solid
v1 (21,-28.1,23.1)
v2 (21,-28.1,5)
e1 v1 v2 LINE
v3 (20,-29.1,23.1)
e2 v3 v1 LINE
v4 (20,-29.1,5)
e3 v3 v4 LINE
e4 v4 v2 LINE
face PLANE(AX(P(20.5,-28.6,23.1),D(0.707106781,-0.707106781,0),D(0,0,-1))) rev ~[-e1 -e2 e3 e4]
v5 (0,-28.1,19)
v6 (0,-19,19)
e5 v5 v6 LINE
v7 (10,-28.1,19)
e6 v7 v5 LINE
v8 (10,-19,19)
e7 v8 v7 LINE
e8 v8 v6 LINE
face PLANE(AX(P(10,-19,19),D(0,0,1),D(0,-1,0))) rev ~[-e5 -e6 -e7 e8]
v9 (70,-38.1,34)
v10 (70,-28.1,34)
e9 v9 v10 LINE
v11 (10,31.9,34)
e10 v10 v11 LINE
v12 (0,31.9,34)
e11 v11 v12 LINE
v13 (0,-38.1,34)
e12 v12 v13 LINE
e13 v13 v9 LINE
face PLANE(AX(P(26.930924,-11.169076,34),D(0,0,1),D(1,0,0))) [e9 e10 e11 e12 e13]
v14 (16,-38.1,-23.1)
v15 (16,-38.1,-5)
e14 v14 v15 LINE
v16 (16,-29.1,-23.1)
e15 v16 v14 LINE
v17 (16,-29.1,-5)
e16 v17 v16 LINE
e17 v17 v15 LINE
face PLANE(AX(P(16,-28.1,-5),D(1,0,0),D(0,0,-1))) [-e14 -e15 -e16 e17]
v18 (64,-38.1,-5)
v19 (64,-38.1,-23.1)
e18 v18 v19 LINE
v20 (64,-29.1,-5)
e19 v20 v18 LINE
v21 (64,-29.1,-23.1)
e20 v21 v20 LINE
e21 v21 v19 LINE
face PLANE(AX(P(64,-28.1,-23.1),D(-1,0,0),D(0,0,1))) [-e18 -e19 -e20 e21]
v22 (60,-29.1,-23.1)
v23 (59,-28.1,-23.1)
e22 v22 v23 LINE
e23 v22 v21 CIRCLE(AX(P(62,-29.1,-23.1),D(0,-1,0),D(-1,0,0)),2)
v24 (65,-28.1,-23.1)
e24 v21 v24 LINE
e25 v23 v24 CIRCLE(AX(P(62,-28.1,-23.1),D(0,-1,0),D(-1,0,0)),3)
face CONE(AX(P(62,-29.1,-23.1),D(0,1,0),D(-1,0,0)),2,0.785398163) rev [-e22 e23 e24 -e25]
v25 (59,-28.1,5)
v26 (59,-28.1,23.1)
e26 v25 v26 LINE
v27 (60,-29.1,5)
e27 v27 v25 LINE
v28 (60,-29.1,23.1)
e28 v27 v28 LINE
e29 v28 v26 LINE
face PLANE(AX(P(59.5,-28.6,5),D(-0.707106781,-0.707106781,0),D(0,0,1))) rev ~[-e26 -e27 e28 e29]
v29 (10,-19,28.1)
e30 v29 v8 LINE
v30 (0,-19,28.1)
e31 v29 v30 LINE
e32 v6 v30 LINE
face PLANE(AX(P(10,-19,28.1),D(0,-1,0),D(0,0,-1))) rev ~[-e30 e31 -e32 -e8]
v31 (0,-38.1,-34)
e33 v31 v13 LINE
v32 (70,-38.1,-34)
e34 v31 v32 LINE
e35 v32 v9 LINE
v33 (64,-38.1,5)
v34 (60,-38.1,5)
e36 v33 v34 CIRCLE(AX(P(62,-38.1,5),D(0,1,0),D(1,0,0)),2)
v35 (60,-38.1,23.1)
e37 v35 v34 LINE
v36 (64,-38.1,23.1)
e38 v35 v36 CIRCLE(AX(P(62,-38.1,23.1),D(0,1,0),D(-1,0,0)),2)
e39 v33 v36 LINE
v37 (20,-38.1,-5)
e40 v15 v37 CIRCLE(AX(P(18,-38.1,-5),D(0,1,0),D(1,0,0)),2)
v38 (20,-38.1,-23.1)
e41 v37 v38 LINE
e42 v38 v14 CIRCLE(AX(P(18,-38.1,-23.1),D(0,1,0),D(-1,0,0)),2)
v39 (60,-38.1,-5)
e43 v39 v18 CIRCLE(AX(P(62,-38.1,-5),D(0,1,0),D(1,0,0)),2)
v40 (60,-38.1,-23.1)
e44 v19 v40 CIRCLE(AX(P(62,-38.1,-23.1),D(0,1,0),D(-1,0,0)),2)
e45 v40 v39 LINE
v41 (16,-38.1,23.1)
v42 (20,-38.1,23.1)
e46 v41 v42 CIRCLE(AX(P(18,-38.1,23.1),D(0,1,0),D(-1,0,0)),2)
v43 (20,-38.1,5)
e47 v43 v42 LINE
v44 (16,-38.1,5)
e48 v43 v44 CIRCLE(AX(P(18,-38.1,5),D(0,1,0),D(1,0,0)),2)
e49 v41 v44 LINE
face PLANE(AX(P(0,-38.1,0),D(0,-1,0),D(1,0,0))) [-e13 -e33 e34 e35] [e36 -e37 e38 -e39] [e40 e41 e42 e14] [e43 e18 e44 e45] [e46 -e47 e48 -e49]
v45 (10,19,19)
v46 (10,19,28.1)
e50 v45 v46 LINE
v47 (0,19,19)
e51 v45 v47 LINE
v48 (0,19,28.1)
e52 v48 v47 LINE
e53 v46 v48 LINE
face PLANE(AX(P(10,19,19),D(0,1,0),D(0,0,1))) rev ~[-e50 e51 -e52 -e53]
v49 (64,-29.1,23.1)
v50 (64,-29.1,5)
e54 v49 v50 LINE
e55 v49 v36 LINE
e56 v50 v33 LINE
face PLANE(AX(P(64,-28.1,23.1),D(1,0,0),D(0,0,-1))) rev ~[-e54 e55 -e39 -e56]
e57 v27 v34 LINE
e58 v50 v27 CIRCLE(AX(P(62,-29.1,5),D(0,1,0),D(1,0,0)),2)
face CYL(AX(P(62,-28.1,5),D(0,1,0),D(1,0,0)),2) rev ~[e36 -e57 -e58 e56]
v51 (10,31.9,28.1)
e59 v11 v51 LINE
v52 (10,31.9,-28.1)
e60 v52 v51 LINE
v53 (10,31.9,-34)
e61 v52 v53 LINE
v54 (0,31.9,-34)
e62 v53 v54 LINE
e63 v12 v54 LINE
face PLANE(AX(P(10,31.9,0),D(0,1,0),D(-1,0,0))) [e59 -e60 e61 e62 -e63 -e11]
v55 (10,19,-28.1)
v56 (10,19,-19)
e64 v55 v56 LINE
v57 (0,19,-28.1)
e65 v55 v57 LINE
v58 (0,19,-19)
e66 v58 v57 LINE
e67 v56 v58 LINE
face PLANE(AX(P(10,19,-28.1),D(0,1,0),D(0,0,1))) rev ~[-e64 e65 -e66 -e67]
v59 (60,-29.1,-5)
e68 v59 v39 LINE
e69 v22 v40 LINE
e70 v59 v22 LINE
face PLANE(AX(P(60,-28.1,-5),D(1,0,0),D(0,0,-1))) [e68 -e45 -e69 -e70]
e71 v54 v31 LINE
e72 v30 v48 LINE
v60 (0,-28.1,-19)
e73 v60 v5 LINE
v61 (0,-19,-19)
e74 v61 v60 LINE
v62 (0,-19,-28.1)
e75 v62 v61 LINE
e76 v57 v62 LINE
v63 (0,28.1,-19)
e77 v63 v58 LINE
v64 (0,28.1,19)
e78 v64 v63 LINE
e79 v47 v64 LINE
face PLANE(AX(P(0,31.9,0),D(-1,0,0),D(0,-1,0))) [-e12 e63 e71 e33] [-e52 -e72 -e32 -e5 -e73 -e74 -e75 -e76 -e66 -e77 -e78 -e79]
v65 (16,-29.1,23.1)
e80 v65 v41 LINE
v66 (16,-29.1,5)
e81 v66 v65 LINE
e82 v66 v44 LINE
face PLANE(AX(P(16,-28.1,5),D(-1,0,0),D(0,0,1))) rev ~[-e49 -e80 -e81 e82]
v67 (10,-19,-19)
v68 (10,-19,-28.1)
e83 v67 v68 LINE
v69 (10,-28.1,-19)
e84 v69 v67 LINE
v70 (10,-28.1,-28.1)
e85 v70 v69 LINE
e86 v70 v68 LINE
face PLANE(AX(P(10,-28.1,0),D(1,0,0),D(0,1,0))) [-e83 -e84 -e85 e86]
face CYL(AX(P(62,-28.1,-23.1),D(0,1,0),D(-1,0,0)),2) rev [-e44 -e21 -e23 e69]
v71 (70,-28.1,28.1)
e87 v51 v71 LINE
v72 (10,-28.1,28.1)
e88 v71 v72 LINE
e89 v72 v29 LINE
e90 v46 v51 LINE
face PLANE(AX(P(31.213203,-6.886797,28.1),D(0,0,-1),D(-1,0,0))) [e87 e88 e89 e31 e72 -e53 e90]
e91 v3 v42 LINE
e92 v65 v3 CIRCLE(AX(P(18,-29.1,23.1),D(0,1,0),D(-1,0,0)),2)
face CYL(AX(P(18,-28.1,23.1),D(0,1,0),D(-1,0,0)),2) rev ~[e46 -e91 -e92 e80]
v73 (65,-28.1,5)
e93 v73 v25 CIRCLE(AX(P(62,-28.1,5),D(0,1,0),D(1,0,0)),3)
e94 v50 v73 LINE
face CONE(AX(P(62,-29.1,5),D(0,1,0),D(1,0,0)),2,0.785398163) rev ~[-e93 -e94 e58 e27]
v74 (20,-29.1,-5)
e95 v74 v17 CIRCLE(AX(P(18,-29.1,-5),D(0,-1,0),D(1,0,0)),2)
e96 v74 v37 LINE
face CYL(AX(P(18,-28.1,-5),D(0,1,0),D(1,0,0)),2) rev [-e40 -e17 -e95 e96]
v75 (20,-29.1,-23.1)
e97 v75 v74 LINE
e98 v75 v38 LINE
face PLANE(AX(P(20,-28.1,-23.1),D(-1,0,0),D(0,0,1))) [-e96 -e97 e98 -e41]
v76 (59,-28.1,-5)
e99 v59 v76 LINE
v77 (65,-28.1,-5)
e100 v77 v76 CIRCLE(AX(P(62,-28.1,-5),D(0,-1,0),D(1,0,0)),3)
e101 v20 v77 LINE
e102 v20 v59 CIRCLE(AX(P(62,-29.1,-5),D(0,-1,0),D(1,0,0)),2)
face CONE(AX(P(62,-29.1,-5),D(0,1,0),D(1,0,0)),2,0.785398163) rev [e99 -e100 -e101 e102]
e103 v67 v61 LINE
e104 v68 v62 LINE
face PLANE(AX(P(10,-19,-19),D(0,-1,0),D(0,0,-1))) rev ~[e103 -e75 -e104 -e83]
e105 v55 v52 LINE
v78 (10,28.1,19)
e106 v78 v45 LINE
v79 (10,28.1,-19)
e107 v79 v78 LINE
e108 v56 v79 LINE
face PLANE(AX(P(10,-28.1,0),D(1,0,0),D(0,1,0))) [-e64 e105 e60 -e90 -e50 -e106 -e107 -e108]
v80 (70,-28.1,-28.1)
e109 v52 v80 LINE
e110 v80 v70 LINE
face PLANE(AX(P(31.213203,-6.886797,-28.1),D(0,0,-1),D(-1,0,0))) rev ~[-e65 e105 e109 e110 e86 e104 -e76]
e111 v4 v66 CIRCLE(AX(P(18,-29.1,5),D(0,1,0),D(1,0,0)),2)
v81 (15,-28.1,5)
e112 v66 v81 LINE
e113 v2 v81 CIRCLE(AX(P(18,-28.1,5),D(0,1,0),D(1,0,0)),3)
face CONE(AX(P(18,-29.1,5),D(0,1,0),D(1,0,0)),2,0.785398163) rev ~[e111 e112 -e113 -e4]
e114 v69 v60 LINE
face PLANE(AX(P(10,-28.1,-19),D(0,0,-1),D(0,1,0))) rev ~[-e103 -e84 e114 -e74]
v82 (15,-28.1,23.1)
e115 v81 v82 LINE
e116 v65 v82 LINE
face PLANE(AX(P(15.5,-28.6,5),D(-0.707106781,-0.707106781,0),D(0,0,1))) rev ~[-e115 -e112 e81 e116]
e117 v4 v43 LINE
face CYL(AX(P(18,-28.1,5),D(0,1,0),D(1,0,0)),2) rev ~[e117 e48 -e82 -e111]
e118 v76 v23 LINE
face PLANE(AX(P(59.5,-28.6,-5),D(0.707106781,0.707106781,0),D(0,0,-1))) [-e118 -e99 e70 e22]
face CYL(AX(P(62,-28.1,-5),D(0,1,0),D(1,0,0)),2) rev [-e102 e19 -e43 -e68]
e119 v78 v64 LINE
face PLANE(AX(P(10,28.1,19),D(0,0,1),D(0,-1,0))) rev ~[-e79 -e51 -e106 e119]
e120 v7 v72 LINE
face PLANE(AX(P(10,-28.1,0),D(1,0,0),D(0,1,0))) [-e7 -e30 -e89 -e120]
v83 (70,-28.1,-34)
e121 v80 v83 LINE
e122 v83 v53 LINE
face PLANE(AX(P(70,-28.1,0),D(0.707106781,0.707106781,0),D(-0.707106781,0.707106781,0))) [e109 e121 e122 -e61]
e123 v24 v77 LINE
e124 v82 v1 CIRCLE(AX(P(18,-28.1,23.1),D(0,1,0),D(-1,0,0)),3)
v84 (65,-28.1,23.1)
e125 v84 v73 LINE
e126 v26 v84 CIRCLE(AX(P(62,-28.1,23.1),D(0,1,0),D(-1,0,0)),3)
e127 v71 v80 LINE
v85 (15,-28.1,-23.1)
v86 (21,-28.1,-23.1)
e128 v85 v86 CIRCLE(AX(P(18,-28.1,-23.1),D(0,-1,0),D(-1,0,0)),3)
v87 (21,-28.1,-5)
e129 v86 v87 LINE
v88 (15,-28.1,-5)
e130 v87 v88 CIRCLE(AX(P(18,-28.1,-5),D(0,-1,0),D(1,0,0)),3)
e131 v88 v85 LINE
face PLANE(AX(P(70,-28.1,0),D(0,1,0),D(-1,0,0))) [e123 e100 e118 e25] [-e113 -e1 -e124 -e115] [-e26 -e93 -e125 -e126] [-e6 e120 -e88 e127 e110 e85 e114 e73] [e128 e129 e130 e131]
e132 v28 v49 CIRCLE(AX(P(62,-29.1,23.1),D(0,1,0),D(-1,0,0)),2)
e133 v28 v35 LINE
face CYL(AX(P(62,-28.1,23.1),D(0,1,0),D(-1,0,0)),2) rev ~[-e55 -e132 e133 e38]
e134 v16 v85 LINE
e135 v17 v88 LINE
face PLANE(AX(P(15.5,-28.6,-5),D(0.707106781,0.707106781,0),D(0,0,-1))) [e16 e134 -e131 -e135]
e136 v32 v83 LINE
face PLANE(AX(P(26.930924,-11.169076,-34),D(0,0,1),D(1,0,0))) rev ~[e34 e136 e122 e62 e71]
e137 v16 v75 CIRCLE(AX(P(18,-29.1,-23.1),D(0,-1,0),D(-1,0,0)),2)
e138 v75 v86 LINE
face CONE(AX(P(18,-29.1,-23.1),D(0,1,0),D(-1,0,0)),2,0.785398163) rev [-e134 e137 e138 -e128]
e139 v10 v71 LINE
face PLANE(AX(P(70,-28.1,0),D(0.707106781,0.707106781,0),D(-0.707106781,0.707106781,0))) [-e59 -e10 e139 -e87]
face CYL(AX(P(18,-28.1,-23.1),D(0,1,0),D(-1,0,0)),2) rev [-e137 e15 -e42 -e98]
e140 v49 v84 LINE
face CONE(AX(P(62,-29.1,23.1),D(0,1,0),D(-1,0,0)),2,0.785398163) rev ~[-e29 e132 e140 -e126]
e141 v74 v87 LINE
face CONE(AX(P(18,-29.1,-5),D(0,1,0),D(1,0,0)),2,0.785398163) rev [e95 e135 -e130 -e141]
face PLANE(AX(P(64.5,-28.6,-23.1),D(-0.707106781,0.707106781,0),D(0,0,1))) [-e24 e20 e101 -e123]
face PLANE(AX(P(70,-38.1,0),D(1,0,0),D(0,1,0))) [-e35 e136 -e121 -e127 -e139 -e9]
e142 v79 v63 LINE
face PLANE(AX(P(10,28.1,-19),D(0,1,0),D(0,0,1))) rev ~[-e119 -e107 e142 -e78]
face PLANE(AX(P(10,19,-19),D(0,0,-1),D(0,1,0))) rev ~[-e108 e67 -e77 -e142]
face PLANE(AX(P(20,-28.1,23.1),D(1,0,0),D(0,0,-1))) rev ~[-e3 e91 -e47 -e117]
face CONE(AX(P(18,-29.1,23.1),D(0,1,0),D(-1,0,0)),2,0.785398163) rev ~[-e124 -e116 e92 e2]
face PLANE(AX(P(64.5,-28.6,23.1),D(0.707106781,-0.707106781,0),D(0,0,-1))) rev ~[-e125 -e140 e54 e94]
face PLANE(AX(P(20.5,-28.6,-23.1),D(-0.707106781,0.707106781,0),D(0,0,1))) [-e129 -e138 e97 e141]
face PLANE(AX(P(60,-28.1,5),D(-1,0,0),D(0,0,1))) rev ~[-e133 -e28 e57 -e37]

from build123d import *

# Parameters (mm, degrees)
BOSS_EXTRUDE1_DEPTH = 34
CUT_EXTRUDE1_DEPTH  = 28.1
CUT_EXTRUDE2_DEPTH  = 99.264947972
CHAMFER1_SIZE       = 1
CUT_EXTRUDE3_DEPTH  = 79.788387469


with BuildPart() as part:
    # Sketch2 → Boss-Extrude1 (new, symmetric)
    with BuildSketch(Plane.XY):
        Polygon((0, 31.9), (0, -38.1), (70, -38.1), (70, -28.1), (10, 31.9), align=None)
    extrude(amount=BOSS_EXTRUDE1_DEPTH, both=True)

    # Sketch4 → Cut-Extrude1 (cut, symmetric)
    with BuildSketch(Plane.XY):
        Polygon((10, 31.9), (70, -28.1), (10, -28.1), align=None)
    extrude(amount=CUT_EXTRUDE1_DEPTH, both=True, mode=Mode.SUBTRACT)

    # Sketch5 → Cut-Extrude2 (cut, through all)
    with BuildSketch(Plane(origin=(0, -28.1, 0), x_dir=(1, 0, 0), z_dir=(0, 1, 0))):
        with BuildLine():
            Line((20, 23.1), (20, 5))
            ThreePointArc((20, 5), (18, 3), (16, 5))
            Line((16, 5), (16, 23.1))
            ThreePointArc((16, 23.1), (18, 25.1), (20, 23.1))
        make_face()
        with BuildLine():
            Line((64, 23.1), (64, 5))
            ThreePointArc((64, 5), (62, 3), (60, 5))
            Line((60, 5), (60, 23.1))
            ThreePointArc((60, 23.1), (62, 25.1), (64, 23.1))
        make_face()
        with BuildLine():
            Line((64, -23.1), (64, -5))
            ThreePointArc((64, -5), (62, -3), (60, -5))
            Line((60, -5), (60, -23.1))
            ThreePointArc((60, -23.1), (62, -25.1), (64, -23.1))
        make_face()
        with BuildLine():
            Line((20, -23.1), (20, -5))
            ThreePointArc((20, -5), (18, -3), (16, -5))
            Line((16, -5), (16, -23.1))
            ThreePointArc((16, -23.1), (18, -25.1), (20, -23.1))
        make_face()
    extrude(amount=-CUT_EXTRUDE2_DEPTH, mode=Mode.SUBTRACT)

    # Chamfer1
    chamfer1_edges = [part.edges().sort_by_distance(p)[0] for p in [
        (18, -28.1, 25.1),
        (20, -28.1, 14.05),
        (18, -28.1, 3),
        (16, -28.1, 14.05),
        (62, -28.1, 25.1),
        (64, -28.1, 14.05),
        (62, -28.1, 3),
        (60, -28.1, 14.05),
        (62, -28.1, -25.1),
        (60, -28.1, -14.05),
        (62, -28.1, -3),
        (64, -28.1, -14.05),
        (18, -28.1, -25.1),
        (16, -28.1, -14.05),
        (18, -28.1, -3),
        (20, -28.1, -14.05),
    ]]
    chamfer(chamfer1_edges, length=CHAMFER1_SIZE)

    # Sketch6 → Cut-Extrude3 (cut, through all)
    with BuildSketch(Plane(origin=(10, 0, 0), x_dir=(0, 0, -1), z_dir=(1, 0, 0))):
        Polygon((-28.1, 19), (-28.1, -19), (-19, -19), (-19, -28.1), (19, -28.1), (19, -19), (28.1, -19), (28.1, 19), (19, 19), (19, 28.1), (-19, 28.1), (-19, 19), align=None)
    extrude(amount=-CUT_EXTRUDE3_DEPTH, mode=Mode.SUBTRACT)


solid = part.part
